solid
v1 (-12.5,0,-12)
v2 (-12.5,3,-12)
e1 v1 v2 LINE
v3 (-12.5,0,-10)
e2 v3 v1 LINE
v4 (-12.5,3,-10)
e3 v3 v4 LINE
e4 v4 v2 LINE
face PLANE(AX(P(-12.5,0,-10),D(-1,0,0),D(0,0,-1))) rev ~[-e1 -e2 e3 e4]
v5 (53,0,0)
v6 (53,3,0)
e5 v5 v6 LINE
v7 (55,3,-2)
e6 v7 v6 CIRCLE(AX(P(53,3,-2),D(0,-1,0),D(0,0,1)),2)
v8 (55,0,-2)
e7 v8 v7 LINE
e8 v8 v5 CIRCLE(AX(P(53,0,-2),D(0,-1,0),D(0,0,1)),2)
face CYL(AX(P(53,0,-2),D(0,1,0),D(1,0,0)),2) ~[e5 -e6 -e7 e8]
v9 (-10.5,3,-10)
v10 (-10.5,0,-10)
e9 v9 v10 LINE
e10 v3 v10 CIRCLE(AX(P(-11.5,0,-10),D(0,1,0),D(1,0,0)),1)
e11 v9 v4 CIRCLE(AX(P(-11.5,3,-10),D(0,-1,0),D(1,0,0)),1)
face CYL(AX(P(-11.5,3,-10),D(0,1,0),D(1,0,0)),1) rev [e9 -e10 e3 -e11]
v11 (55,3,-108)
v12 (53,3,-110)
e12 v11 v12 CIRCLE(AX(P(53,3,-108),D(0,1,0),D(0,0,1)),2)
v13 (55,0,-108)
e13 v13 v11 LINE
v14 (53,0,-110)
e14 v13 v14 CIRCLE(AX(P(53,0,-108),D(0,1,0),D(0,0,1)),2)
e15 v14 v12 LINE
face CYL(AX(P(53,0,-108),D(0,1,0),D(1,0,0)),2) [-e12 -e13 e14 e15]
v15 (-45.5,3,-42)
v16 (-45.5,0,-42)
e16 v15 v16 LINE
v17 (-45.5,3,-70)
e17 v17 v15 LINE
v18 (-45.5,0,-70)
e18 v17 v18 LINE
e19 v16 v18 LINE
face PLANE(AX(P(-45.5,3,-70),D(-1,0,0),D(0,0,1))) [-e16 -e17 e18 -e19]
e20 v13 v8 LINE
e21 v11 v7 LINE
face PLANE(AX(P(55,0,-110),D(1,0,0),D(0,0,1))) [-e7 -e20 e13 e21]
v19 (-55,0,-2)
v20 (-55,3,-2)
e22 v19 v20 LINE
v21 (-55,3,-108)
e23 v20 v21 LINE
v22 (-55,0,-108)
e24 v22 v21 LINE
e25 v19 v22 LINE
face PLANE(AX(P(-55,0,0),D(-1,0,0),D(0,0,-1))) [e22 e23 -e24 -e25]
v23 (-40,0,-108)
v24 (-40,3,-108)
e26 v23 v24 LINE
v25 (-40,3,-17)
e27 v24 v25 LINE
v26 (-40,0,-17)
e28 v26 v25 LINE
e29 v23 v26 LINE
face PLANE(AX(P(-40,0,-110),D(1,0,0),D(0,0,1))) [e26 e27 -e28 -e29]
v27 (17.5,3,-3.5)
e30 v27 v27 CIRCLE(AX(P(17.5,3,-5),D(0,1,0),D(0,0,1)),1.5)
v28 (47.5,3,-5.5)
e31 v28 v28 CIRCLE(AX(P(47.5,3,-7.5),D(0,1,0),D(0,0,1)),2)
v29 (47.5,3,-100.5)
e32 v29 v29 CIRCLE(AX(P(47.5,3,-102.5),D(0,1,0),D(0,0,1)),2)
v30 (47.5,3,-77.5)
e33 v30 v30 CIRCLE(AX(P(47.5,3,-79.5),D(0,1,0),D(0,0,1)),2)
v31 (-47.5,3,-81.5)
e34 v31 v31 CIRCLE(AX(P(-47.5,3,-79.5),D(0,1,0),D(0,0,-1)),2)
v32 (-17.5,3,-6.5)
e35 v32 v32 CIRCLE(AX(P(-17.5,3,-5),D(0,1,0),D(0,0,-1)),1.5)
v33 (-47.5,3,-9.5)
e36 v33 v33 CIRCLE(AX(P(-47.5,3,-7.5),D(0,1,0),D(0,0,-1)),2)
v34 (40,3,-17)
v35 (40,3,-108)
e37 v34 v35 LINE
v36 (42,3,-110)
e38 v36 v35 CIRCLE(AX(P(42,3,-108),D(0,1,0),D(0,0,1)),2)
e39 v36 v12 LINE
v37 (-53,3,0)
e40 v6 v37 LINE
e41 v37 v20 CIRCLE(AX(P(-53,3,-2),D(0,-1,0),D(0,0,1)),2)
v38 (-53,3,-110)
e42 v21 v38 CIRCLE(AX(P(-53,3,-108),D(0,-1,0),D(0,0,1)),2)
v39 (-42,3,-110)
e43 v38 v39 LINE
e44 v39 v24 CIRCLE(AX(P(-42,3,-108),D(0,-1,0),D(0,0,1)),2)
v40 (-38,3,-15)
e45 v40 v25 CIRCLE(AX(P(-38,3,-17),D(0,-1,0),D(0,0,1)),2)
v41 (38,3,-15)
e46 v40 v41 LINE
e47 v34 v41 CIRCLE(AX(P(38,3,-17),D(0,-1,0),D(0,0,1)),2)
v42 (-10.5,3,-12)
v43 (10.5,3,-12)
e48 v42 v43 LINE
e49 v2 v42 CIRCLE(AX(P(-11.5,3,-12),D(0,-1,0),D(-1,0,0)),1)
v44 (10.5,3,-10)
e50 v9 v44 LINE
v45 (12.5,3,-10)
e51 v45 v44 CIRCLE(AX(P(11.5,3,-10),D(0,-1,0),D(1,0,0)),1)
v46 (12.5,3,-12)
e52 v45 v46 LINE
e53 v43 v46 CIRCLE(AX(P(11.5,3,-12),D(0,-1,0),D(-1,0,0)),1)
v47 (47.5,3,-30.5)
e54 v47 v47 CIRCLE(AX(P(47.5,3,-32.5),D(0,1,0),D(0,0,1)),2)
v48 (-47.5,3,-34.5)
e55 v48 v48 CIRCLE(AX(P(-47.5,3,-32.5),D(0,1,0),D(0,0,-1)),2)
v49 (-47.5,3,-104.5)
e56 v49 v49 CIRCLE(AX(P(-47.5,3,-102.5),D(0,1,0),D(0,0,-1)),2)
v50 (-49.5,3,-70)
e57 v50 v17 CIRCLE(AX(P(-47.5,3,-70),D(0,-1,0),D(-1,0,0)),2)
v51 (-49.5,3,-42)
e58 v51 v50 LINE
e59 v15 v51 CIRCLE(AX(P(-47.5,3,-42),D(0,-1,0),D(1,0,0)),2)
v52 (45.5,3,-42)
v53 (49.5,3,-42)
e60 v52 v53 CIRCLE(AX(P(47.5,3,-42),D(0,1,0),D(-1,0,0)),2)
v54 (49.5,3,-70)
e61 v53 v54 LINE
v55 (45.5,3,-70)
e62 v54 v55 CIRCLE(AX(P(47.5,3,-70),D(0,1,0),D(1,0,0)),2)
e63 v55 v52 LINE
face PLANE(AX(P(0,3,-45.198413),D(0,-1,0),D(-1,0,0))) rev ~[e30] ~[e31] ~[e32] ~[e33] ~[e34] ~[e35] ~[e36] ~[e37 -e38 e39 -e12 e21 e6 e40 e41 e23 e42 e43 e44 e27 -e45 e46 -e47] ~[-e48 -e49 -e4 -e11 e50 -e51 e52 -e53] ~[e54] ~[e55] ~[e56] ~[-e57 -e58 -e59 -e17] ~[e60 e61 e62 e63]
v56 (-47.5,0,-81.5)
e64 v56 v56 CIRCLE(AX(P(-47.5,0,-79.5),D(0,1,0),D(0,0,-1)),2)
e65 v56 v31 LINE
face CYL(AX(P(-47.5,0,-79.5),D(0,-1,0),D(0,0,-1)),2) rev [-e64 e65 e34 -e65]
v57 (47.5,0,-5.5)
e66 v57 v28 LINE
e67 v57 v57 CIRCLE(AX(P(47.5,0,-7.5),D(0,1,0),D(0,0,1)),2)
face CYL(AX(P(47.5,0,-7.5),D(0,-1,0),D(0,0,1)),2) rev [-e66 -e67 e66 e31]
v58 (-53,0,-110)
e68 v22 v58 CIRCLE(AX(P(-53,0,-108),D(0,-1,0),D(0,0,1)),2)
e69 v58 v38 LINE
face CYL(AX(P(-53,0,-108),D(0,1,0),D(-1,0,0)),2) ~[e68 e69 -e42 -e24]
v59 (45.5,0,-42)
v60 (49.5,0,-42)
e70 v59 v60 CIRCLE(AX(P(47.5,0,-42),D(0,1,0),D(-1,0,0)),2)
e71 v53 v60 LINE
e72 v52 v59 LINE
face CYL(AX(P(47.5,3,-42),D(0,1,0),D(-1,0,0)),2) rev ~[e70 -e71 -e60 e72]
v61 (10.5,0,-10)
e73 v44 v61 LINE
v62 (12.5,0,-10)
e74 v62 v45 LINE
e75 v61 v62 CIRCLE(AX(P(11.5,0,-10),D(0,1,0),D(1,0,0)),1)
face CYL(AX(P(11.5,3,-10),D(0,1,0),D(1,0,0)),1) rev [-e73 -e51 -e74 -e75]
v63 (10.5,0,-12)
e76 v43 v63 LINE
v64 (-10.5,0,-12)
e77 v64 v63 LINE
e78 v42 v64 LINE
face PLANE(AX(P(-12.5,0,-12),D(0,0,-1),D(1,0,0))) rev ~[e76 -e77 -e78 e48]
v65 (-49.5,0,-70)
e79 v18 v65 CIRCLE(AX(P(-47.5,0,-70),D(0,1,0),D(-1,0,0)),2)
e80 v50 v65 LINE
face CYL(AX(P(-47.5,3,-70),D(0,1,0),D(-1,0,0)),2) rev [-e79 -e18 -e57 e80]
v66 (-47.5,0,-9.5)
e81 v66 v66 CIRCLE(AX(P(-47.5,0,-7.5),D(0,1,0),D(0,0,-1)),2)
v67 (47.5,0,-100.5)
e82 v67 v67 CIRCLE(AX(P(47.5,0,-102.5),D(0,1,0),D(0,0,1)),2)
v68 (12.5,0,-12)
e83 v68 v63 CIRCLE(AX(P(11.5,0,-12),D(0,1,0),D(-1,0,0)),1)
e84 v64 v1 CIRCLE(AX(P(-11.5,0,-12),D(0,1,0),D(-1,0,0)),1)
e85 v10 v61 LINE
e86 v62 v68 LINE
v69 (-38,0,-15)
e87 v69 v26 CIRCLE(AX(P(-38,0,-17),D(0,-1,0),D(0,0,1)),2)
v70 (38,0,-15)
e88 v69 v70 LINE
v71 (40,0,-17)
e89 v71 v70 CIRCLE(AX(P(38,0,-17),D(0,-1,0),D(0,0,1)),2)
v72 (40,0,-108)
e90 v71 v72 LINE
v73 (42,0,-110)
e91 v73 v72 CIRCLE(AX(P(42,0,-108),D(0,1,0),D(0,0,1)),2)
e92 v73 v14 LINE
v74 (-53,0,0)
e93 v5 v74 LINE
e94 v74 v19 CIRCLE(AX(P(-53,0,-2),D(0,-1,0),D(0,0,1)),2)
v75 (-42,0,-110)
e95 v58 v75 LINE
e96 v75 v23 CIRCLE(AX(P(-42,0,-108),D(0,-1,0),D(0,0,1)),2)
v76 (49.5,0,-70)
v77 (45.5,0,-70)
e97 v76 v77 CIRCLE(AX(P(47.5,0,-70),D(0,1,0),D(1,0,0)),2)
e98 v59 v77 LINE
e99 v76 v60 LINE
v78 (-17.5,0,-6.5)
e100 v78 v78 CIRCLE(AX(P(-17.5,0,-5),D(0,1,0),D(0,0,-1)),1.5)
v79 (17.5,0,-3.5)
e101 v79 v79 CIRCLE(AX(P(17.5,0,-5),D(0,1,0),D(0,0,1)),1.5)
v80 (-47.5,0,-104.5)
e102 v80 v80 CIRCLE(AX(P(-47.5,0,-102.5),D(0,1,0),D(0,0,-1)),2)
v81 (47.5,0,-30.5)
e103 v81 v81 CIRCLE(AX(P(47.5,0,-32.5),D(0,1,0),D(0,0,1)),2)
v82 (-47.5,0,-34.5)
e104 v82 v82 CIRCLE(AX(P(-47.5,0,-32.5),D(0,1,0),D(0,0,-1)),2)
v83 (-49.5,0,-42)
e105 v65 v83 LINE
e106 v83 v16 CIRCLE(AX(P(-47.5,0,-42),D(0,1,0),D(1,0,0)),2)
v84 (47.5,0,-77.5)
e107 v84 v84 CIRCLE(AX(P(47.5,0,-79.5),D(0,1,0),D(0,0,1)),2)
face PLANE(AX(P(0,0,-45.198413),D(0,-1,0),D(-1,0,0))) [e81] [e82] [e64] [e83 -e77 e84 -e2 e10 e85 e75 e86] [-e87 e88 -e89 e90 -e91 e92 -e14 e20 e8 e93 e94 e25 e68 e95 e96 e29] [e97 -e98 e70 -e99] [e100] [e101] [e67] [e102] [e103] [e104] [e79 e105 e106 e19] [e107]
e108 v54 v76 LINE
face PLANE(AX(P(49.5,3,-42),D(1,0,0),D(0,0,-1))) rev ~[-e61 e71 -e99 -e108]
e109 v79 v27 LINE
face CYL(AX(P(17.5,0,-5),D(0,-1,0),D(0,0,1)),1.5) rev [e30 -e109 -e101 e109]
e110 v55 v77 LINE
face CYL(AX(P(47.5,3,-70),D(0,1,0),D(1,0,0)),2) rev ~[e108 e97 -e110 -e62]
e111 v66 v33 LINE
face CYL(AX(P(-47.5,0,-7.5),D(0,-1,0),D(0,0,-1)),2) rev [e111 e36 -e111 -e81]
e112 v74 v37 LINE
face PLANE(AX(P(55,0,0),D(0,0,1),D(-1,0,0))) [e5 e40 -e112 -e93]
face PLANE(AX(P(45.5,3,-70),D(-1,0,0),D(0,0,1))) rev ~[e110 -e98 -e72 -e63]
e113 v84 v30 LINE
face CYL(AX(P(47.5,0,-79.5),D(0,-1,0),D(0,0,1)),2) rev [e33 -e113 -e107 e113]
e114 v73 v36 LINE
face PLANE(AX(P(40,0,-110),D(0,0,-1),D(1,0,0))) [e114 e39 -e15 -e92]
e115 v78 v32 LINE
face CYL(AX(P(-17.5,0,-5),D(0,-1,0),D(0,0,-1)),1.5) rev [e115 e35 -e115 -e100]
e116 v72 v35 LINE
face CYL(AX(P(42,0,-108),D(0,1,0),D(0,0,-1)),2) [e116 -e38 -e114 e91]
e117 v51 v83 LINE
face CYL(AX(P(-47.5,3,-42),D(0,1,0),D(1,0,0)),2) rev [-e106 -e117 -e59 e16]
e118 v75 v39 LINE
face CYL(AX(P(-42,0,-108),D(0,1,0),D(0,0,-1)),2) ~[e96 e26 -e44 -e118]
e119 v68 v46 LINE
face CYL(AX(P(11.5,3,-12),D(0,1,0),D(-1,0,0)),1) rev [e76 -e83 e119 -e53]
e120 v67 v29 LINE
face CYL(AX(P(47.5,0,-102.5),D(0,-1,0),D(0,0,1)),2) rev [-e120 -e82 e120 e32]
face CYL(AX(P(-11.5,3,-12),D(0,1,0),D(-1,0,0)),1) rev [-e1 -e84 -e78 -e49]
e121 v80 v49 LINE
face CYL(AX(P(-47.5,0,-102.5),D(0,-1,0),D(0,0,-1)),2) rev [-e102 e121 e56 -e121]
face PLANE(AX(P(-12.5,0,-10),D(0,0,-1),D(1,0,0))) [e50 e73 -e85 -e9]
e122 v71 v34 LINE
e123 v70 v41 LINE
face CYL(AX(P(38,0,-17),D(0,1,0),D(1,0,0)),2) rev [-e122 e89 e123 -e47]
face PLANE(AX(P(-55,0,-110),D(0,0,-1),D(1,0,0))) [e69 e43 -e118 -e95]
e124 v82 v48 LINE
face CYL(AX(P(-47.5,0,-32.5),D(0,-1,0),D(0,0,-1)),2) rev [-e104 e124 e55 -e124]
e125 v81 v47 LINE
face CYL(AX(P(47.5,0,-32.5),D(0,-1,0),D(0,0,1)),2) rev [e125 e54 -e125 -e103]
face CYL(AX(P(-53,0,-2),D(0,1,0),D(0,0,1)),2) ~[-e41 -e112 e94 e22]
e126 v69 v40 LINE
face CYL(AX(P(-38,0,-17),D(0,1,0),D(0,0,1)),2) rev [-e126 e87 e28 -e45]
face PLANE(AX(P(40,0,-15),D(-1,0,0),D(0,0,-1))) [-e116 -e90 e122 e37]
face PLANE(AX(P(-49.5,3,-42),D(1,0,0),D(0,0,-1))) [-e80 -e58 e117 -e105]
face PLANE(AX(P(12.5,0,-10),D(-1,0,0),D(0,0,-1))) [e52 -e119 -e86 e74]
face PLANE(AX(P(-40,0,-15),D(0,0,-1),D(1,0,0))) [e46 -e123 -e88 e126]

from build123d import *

# Parameters (mm, degrees)
SKETCH_1_R          = 2
SKETCH_1_R_2        = 1.5
SKETCH_1_W          = 25
SKETCH_1_H          = 2
EXTRUDE_1_DEPTH     = 3
CUT_EXTRUDE_1_DEPTH = 124.020323524
CUT_EXTRUDE_2_DEPTH = 124.020323524
FILLET_1_R          = 2


with BuildPart() as part:
    # 草图1 → 凸台-拉伸1 (new body)
    with BuildSketch(Plane(origin=(0, 0, 0), x_dir=(1, 0, 0), z_dir=(0, 1, 0))):
        Polygon((55, 110), (55, 0), (-55, 0), (-55, 110), (-40, 110), (-40, 15), (40, 15), (40, 110), align=None)
        with Locations(Location((47.5, 32.5, 0), (0, 0, 270))):
            Circle(SKETCH_1_R, mode=Mode.SUBTRACT)
        with Locations(Location((47.5, 7.5, 0), (0, 0, 270))):
            Circle(SKETCH_1_R, mode=Mode.SUBTRACT)
        with Locations(Location((47.5, 79.5, 0), (0, 0, 270))):
            Circle(SKETCH_1_R, mode=Mode.SUBTRACT)
        with Locations(Location((47.5, 102.5, 0), (0, 0, 270))):
            Circle(SKETCH_1_R, mode=Mode.SUBTRACT)
        with Locations(Location((-47.5, 102.5, 0), (0, 0, 90))):
            Circle(SKETCH_1_R, mode=Mode.SUBTRACT)
        with Locations(Location((-47.5, 79.5, 0), (0, 0, 90))):
            Circle(SKETCH_1_R, mode=Mode.SUBTRACT)
        with Locations(Location((-47.5, 7.5, 0), (0, 0, 90))):
            Circle(SKETCH_1_R, mode=Mode.SUBTRACT)
        with Locations(Location((-47.5, 32.5, 0), (0, 0, 90))):
            Circle(SKETCH_1_R, mode=Mode.SUBTRACT)
        with Locations(Location((17.5, 5, 0), (0, 0, 270))):
            Circle(SKETCH_1_R_2, mode=Mode.SUBTRACT)
        with Locations(Location((-17.5, 5, 0), (0, 0, 90))):
            Circle(SKETCH_1_R_2, mode=Mode.SUBTRACT)
        with Locations((0, 11)):
            Rectangle(SKETCH_1_W, SKETCH_1_H, mode=Mode.SUBTRACT)
    extrude(amount=EXTRUDE_1_DEPTH)

    # 草图2 → 切除-拉伸1 (cut, through all)
    with BuildSketch(Plane(origin=(0, 3, 0), x_dir=(1, 0, 0), z_dir=(0, 1, 0))):
        with BuildLine():
            Line((-12.5, 10), (-10.5, 10))
            ThreePointArc((-10.5, 10), (-11.5, 9), (-12.5, 10))
        make_face()
        with BuildLine():
            Line((12.5, 12), (10.5, 12))
            ThreePointArc((10.5, 12), (11.5, 13), (12.5, 12))
        make_face()
        with BuildLine():
            Line((-10.5, 12), (-12.5, 12))
            ThreePointArc((-12.5, 12), (-11.5, 13), (-10.5, 12))
        make_face()
        with BuildLine():
            Line((10.5, 10), (12.5, 10))
            ThreePointArc((12.5, 10), (11.5, 9), (10.5, 10))
        make_face()
    extrude(amount=-CUT_EXTRUDE_1_DEPTH, mode=Mode.SUBTRACT)

    # 草图3 → 切除-拉伸2 (cut, through all)
    with BuildSketch(Plane(origin=(0, 3, 0), x_dir=(1, 0, 0), z_dir=(0, 1, 0))):
        with BuildLine():
            Line((-45.5, 70), (-45.5, 42))
            ThreePointArc((-45.5, 42), (-47.5, 40), (-49.5, 42))
            Line((-49.5, 42), (-49.5, 70))
            ThreePointArc((-49.5, 70), (-47.5, 72), (-45.5, 70))
        make_face()
        with BuildLine():
            Line((45.5, 70), (45.5, 42))
            ThreePointArc((45.5, 42), (47.5, 40), (49.5, 42))
            Line((49.5, 42), (49.5, 70))
            ThreePointArc((49.5, 70), (47.5, 72), (45.5, 70))
        make_face()
    extrude(amount=-CUT_EXTRUDE_2_DEPTH, mode=Mode.SUBTRACT)

    # 圆角1
    fillet_1_edges = [part.edges().sort_by_distance(p)[0] for p in [
        (55, 1.5, -110),
        (55, 1.5, 0),
        (-55, 1.5, 0),
        (-55, 1.5, -110),
        (-40, 1.5, -110),
        (-40, 1.5, -15),
        (40, 1.5, -15),
        (40, 1.5, -110),
    ]]
    fillet(fillet_1_edges, radius=FILLET_1_R)


solid = part.part
